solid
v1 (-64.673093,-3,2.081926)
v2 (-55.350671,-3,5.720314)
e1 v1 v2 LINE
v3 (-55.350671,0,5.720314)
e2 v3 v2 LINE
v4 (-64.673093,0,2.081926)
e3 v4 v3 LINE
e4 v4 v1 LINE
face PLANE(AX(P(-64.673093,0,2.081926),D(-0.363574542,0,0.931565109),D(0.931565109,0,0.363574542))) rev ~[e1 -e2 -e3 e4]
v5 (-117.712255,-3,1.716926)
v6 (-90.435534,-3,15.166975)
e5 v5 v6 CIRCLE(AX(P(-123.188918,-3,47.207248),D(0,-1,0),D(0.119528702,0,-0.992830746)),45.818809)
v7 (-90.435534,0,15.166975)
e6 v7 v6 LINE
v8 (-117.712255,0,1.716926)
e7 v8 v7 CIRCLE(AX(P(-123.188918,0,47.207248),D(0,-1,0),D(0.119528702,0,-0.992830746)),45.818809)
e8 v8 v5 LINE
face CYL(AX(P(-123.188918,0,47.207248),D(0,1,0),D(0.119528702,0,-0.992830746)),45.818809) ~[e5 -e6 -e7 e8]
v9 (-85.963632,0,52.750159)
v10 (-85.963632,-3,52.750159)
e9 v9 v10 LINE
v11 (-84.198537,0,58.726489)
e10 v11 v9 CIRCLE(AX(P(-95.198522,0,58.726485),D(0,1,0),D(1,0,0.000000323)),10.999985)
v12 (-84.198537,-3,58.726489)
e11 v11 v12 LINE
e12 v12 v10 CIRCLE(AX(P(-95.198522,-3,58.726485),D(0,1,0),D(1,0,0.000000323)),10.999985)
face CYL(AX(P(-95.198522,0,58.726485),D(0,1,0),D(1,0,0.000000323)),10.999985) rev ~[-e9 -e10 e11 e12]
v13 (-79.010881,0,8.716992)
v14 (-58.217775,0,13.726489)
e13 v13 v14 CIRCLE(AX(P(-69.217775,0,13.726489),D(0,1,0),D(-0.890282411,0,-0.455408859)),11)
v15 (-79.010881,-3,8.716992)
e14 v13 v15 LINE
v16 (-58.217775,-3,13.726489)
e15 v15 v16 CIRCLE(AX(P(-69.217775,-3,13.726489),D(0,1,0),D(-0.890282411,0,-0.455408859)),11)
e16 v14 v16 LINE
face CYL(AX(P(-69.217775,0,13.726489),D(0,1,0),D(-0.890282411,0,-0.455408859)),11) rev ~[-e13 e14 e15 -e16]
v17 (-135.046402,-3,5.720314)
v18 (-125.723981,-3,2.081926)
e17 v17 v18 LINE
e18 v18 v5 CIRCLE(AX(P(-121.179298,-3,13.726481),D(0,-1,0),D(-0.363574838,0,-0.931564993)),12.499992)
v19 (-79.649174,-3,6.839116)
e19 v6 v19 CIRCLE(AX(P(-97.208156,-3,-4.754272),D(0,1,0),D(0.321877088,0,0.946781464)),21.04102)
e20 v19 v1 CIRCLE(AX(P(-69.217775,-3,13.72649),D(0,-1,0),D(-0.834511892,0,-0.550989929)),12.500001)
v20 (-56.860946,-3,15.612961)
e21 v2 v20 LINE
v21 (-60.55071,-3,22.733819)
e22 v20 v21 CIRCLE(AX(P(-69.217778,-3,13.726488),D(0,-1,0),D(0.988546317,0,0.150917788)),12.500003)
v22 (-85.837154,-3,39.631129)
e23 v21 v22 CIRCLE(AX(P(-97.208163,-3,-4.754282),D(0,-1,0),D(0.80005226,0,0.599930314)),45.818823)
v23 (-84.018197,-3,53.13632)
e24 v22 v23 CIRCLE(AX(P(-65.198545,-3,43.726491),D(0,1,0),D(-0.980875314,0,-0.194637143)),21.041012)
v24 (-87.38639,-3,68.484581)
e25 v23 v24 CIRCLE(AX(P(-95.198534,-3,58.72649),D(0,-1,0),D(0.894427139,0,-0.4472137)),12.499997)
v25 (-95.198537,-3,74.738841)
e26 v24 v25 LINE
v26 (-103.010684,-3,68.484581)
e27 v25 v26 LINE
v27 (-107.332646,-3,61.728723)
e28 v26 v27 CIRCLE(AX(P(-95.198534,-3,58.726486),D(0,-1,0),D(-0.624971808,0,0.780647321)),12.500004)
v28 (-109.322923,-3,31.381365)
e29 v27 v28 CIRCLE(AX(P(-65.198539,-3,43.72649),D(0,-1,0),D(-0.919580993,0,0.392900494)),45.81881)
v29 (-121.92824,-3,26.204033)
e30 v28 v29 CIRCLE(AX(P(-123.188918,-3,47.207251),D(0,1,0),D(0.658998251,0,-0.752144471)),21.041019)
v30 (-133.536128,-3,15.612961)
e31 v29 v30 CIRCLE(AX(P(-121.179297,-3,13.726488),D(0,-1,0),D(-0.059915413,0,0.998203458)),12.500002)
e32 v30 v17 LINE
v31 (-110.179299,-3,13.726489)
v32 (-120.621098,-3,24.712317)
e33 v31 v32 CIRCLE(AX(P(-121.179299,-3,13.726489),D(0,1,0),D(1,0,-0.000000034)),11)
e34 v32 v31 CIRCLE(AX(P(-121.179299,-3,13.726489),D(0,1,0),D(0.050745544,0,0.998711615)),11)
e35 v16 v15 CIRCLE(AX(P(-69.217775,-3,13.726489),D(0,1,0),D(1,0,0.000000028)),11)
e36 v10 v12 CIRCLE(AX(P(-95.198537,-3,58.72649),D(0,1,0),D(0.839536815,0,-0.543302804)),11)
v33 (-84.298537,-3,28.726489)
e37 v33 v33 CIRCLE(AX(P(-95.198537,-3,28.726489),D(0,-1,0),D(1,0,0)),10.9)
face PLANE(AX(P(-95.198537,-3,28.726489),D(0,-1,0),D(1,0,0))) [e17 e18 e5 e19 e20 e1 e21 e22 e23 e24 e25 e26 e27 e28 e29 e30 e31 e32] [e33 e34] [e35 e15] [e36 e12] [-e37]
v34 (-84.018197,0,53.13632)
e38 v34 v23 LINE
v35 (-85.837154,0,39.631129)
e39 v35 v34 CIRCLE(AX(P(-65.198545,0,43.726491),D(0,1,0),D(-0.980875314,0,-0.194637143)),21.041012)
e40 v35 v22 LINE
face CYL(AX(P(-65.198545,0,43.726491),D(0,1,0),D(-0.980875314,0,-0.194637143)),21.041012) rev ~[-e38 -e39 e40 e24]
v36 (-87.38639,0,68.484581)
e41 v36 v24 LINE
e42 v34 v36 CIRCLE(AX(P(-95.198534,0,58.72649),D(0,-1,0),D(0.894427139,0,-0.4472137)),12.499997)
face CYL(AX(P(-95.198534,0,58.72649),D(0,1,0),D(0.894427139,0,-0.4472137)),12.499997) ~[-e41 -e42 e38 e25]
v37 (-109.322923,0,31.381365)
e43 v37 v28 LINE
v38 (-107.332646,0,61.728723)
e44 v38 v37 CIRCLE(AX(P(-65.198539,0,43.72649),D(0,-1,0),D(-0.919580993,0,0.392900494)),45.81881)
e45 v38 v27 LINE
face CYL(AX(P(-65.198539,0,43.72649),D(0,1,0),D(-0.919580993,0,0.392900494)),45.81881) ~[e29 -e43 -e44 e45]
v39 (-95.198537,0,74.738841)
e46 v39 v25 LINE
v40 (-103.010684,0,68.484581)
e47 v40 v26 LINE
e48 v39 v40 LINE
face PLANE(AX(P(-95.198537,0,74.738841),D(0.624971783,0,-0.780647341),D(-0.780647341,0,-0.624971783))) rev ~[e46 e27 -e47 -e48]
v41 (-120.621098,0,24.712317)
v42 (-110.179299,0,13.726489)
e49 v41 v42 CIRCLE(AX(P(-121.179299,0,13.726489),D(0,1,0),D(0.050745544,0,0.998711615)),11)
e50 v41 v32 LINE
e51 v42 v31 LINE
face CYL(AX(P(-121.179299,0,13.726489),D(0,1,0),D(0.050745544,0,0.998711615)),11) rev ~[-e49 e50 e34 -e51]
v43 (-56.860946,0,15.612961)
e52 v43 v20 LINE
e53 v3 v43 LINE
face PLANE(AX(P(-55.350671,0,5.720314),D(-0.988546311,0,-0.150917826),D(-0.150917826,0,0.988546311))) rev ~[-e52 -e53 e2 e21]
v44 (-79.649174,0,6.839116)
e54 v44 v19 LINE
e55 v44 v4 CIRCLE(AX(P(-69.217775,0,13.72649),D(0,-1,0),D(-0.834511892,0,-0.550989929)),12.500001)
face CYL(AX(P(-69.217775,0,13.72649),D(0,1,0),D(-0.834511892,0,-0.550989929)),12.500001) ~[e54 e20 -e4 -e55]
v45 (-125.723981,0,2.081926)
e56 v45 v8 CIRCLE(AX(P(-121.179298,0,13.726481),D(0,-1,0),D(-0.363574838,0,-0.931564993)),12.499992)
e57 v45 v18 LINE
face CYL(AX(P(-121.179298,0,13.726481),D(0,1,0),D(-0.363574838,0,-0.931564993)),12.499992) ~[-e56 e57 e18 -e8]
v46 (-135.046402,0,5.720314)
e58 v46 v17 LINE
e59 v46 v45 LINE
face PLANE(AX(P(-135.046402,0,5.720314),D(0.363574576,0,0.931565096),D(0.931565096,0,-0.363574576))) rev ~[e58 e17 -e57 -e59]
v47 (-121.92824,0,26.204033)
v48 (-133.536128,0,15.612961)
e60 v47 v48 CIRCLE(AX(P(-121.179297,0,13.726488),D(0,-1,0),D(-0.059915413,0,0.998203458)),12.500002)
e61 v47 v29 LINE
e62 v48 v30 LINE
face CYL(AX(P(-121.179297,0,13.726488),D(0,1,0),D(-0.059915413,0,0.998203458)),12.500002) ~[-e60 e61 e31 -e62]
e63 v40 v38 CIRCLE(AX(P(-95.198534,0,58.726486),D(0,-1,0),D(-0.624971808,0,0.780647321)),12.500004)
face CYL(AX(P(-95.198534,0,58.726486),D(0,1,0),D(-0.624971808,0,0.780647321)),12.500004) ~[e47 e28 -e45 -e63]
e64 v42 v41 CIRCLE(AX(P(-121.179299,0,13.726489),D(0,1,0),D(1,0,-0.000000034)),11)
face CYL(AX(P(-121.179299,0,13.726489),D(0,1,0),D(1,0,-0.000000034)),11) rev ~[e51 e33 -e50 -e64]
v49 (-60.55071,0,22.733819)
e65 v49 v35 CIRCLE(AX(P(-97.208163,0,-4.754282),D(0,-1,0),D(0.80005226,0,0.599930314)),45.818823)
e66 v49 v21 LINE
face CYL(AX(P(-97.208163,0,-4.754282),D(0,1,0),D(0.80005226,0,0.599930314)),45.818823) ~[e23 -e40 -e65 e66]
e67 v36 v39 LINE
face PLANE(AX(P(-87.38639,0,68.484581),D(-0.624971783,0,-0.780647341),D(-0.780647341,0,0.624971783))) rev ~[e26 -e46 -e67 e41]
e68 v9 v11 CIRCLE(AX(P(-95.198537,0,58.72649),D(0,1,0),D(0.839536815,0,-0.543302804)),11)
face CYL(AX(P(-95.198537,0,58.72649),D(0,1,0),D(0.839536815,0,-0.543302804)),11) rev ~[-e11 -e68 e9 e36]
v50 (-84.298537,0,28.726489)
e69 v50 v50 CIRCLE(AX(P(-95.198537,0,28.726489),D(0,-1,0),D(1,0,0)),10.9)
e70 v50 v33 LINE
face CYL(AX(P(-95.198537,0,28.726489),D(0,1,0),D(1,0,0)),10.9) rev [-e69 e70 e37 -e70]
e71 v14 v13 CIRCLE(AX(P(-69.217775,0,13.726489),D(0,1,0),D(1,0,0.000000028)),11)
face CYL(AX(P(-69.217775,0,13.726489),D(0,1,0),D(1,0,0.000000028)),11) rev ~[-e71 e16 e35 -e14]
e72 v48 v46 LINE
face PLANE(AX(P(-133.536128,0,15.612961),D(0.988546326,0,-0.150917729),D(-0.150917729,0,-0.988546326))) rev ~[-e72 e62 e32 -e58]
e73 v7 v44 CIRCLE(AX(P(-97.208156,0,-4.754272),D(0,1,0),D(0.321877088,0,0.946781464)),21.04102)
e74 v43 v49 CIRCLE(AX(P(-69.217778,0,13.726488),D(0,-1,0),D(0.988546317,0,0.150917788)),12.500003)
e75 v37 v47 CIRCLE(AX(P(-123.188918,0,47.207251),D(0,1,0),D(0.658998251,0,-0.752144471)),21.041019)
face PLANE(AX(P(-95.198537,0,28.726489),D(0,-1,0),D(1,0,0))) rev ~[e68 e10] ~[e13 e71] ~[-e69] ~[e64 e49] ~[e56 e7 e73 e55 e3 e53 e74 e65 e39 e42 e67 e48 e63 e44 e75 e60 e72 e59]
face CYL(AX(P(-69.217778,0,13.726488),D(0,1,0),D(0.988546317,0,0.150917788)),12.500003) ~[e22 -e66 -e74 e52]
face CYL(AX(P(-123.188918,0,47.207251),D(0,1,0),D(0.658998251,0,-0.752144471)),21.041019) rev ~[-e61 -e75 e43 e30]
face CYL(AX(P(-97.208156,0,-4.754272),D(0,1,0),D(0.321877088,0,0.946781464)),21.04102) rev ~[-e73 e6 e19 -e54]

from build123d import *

# Parameters (mm, degrees)
F0_R     = 10.9
F1_DEPTH = 3


with BuildPart() as f1:
    # F0 (on Front) → F1 (new body)
    with BuildSketch(Plane.XZ):
        with BuildLine():
            ThreePointArc((-103.010684, 68.484581), (-105.728194, 65.462684), (-107.332646, 61.728723))
            ThreePointArc((-107.332646, 61.728723), (-110.919129, 46.724993), (-109.322923, 31.381365))
            ThreePointArc((-109.322923, 31.381365), (-115.194842, 27.743972), (-121.92824, 26.204033))
            ThreePointArc((-121.92824, 26.204033), (-129.60444, 22.960502), (-133.536128, 15.612961))
            Line((-133.536128, 15.612961), (-135.046402, 5.720314))
            Line((-135.046402, 5.720314), (-125.723981, 2.081926))
            ThreePointArc((-125.723981, 2.081926), (-121.748186, 1.239441), (-117.712255, 1.716926))
            ThreePointArc((-117.712255, 1.716926), (-102.925402, 6.112806), (-90.435534, 15.166975))
            ThreePointArc((-90.435534, 15.166975), (-84.349499, 11.90044), (-79.649174, 6.839116))
            ThreePointArc((-79.649174, 6.839116), (-73.002094, 1.813097), (-64.673093, 2.081926))
            Line((-64.673093, 2.081926), (-55.350671, 5.720314))
            Line((-55.350671, 5.720314), (-56.860946, 15.612961))
            ThreePointArc((-56.860946, 15.612961), (-58.119231, 19.477343), (-60.55071, 22.733819))
            ThreePointArc((-60.55071, 22.733819), (-71.75108, 33.341669), (-85.837154, 39.631129))
            ThreePointArc((-85.837154, 39.631129), (-86.05127, 46.535056), (-84.018197, 53.13632))
            ThreePointArc((-84.018197, 53.13632), (-82.989076, 61.405869), (-87.38639, 68.484581))
            Line((-87.38639, 68.484581), (-95.198537, 74.738841))
            Line((-95.198537, 74.738841), (-103.010684, 68.484581))
        make_face()
        with BuildLine():
            ThreePointArc((-120.621098, 24.712317), (-113.206213, 21.304741), (-110.179299, 13.726489))
            ThreePointArc((-110.179299, 13.726489), (-129.152385, 6.148238), (-120.621098, 24.712317))
        make_face(mode=Mode.SUBTRACT)
        with Locations((-95.198537, 28.726489)):
            Circle(F0_R, mode=Mode.SUBTRACT)
        with BuildLine():
            ThreePointArc((-79.010881, 8.716992), (-71.79419, 24.42051), (-58.217775, 13.726489))
            ThreePointArc((-58.217775, 13.726489), (-66.64136, 3.032468), (-79.010881, 8.716992))
        make_face(mode=Mode.SUBTRACT)
        with BuildLine():
            ThreePointArc((-85.963632, 52.750159), (-105.748038, 61.842259), (-84.198537, 58.726489))
            ThreePointArc((-84.198537, 58.726489), (-84.649035, 55.61072), (-85.963632, 52.750159))
        make_face(mode=Mode.SUBTRACT)
    extrude(amount=F1_DEPTH)


solid = f1.part
